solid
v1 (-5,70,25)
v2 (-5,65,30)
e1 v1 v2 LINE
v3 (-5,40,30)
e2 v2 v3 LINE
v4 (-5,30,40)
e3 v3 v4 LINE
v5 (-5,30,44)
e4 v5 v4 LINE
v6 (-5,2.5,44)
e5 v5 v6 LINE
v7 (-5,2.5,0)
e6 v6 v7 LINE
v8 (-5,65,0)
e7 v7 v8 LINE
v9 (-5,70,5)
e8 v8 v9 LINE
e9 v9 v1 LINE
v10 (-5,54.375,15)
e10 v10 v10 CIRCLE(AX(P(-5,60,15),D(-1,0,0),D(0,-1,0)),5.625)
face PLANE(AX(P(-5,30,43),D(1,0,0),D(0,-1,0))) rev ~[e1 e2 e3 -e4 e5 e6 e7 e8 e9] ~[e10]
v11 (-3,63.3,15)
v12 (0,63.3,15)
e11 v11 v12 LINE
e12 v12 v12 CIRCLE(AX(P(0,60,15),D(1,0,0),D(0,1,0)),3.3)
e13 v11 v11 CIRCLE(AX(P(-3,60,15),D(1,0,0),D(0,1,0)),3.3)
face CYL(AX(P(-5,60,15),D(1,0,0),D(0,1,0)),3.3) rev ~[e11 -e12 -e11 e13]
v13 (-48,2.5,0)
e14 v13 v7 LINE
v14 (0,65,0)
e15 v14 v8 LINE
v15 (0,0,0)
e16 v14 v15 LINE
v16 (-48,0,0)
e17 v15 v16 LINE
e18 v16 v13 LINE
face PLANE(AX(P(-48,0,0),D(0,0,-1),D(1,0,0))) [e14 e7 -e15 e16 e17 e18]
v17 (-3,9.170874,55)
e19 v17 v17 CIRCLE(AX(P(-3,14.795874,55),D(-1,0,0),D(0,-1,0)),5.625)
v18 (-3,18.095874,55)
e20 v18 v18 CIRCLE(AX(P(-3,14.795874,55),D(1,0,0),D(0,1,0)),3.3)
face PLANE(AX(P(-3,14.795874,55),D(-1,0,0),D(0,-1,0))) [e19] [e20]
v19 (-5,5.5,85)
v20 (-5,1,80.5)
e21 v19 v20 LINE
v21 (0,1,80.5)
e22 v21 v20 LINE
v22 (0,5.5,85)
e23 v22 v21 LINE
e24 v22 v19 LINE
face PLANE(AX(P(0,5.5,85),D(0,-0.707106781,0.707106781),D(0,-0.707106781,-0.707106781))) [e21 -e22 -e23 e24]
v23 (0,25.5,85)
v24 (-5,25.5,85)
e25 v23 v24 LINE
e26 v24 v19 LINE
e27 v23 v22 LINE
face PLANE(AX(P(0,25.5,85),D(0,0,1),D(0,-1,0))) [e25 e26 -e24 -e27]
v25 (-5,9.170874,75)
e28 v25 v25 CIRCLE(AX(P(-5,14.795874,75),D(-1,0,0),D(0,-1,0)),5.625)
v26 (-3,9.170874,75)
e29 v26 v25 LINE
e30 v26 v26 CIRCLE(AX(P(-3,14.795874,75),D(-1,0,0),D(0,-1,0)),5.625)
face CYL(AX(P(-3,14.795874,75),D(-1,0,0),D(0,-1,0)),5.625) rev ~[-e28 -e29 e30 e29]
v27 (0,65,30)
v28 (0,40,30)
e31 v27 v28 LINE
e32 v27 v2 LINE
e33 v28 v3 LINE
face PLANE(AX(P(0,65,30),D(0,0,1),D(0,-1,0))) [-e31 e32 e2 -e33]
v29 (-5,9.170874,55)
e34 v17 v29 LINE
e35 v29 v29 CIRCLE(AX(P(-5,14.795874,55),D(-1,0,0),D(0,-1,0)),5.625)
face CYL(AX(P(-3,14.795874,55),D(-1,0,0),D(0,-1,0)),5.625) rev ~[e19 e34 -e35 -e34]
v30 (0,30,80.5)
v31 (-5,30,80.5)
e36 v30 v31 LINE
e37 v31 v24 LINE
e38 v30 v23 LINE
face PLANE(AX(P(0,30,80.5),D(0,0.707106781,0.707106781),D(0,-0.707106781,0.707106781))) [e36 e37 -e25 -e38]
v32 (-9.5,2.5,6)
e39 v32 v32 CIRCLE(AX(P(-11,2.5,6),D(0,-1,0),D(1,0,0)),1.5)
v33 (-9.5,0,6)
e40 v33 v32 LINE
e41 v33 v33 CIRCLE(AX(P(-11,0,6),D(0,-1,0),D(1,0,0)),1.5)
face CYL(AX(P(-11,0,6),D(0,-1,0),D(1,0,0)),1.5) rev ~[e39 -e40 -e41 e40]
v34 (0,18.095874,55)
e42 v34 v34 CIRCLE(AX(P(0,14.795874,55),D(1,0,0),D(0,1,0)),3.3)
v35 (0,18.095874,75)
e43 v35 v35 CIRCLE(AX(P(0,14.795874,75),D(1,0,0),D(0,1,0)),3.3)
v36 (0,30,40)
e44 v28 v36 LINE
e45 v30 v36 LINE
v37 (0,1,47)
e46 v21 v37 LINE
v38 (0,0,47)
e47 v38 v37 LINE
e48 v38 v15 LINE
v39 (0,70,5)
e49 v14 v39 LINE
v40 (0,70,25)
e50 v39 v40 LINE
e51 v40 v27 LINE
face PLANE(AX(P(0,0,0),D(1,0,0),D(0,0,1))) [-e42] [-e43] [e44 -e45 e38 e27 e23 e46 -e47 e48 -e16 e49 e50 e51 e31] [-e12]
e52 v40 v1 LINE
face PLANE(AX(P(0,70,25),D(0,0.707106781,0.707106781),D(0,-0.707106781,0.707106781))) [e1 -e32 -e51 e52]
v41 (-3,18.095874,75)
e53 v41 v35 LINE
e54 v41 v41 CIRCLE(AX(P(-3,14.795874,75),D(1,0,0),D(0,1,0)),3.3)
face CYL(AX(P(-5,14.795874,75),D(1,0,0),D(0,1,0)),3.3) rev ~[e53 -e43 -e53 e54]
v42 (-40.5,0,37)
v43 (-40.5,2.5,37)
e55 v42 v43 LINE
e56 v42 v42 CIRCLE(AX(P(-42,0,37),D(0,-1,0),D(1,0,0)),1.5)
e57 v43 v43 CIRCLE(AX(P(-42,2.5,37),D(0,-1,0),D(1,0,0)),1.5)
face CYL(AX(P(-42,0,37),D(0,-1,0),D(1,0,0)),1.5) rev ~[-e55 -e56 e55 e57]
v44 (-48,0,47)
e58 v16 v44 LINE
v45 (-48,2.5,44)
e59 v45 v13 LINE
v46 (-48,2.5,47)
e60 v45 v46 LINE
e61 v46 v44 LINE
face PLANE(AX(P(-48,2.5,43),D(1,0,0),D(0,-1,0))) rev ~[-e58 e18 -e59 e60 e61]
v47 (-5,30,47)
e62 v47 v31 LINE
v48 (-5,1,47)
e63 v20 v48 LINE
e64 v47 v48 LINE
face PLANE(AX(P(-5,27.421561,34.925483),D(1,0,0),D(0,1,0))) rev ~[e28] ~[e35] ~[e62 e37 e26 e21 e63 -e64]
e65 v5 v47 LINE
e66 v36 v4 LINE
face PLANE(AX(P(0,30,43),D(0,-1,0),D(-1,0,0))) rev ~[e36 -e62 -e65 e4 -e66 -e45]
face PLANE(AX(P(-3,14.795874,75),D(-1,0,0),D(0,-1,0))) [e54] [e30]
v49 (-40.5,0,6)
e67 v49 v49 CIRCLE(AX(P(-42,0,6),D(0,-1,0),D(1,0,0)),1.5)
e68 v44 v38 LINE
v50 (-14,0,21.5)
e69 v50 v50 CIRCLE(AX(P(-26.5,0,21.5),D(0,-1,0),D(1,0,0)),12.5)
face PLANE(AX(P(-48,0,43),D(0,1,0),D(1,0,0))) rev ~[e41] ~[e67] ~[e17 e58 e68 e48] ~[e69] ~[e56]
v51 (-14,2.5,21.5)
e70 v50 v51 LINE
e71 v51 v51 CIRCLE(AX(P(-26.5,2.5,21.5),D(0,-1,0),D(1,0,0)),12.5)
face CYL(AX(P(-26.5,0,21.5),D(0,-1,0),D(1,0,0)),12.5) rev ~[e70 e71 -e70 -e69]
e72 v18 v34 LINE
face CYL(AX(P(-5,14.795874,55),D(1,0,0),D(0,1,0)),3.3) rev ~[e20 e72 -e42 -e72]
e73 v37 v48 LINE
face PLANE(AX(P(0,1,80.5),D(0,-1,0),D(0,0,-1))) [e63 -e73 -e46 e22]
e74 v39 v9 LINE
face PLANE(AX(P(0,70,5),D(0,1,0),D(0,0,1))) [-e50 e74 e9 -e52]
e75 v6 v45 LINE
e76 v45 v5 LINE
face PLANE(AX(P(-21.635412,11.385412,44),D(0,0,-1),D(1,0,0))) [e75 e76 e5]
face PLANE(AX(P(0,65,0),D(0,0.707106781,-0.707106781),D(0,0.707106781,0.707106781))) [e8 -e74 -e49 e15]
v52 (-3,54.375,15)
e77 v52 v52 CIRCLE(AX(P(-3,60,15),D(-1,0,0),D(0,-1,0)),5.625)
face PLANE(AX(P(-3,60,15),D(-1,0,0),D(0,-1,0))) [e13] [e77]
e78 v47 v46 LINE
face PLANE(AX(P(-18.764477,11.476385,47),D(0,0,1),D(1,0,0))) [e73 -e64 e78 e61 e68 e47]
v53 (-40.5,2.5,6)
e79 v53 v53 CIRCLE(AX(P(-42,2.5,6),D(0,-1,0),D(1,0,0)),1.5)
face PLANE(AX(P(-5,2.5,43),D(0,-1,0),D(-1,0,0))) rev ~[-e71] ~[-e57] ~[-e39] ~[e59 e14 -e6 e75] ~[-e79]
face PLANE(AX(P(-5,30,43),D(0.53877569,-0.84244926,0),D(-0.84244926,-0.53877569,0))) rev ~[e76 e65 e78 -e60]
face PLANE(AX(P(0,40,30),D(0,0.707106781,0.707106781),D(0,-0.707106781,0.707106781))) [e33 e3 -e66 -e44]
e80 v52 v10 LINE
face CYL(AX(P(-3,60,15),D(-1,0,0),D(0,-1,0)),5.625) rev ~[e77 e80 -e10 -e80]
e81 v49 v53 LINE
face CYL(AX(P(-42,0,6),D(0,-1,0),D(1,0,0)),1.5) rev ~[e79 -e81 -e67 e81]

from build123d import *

# Parameters (mm, degrees)
F0_W           = 48
F0_H           = 43
F0_R           = 1.5
F0_R_2         = 12.5
F1_DEPTH       = 2.5
F3_DEPTH       = 5
F5_D           = 6.6
F5_DEPTH       = 20
F5_CBORE_D     = 11.25
F5_CBORE_DEPTH = 2
F7_DEPTH       = 4
F8_DEPTH       = 1


with BuildPart() as f1:
    # F0 (on Front) → F1 (new body)
    with BuildSketch(Plane.XZ):
        with Locations((-24, 21.5)):
            Rectangle(F0_W, F0_H)
        with Locations((-42, 6)):
            Circle(F0_R, mode=Mode.SUBTRACT)
        with Locations((-11, 6)):
            Circle(F0_R, mode=Mode.SUBTRACT)
        with Locations((-26.5, 21.5)):
            Circle(F0_R_2, mode=Mode.SUBTRACT)
        with Locations((-42, 37)):
            Circle(F0_R, mode=Mode.SUBTRACT)
    extrude(amount=-F1_DEPTH)

    # F2 (on Right) → F3 (join)
    with BuildSketch(Plane.YZ):
        Polygon((1, 43), (0, 43), (0, 0), (65, 0), (70, 5), (70, 25), (65, 30), (40, 30), (30, 40), (30, 80.5), (25.5, 85), (5.5, 85), (1, 80.5), align=None)
    extrude(amount=-F3_DEPTH)

    # F5
    with Locations(Plane(origin=(-5, 0, 0), x_dir=(0, -1, 0), z_dir=(-1, 0, 0))):
        with Locations((-14.795874, 75), (-14.795874, 55), (-60, 15)):
            CounterBoreHole(F5_D / 2, F5_CBORE_D / 2, F5_CBORE_DEPTH, depth=F5_DEPTH)

    # F6 (on face) → F7 (join)
    with BuildSketch(Plane.XY.offset(43)):
        Polygon((-5, 30), (-48, 2.5), (-5, 2.5), (-5, 1), (0, 1), (0, 30), align=None)
        Polygon((-48, 2.5), (-48, 0), (0, 0), (0, 1), (-5, 1), (-5, 2.5), align=None)
    extrude(amount=F7_DEPTH)

    # F7_face (on face) → F8 (cut)
    with BuildSketch(Plane(origin=(-19.333333, 11.666667, 43), x_dir=(1, 0, 0), z_dir=(0, 0, -1))):
        Polygon((14.333333, -18.333333), (14.333333, 9.166667), (-28.666667, 9.166667), align=None)
    extrude(amount=-F8_DEPTH, mode=Mode.SUBTRACT)


solid = f1.part
